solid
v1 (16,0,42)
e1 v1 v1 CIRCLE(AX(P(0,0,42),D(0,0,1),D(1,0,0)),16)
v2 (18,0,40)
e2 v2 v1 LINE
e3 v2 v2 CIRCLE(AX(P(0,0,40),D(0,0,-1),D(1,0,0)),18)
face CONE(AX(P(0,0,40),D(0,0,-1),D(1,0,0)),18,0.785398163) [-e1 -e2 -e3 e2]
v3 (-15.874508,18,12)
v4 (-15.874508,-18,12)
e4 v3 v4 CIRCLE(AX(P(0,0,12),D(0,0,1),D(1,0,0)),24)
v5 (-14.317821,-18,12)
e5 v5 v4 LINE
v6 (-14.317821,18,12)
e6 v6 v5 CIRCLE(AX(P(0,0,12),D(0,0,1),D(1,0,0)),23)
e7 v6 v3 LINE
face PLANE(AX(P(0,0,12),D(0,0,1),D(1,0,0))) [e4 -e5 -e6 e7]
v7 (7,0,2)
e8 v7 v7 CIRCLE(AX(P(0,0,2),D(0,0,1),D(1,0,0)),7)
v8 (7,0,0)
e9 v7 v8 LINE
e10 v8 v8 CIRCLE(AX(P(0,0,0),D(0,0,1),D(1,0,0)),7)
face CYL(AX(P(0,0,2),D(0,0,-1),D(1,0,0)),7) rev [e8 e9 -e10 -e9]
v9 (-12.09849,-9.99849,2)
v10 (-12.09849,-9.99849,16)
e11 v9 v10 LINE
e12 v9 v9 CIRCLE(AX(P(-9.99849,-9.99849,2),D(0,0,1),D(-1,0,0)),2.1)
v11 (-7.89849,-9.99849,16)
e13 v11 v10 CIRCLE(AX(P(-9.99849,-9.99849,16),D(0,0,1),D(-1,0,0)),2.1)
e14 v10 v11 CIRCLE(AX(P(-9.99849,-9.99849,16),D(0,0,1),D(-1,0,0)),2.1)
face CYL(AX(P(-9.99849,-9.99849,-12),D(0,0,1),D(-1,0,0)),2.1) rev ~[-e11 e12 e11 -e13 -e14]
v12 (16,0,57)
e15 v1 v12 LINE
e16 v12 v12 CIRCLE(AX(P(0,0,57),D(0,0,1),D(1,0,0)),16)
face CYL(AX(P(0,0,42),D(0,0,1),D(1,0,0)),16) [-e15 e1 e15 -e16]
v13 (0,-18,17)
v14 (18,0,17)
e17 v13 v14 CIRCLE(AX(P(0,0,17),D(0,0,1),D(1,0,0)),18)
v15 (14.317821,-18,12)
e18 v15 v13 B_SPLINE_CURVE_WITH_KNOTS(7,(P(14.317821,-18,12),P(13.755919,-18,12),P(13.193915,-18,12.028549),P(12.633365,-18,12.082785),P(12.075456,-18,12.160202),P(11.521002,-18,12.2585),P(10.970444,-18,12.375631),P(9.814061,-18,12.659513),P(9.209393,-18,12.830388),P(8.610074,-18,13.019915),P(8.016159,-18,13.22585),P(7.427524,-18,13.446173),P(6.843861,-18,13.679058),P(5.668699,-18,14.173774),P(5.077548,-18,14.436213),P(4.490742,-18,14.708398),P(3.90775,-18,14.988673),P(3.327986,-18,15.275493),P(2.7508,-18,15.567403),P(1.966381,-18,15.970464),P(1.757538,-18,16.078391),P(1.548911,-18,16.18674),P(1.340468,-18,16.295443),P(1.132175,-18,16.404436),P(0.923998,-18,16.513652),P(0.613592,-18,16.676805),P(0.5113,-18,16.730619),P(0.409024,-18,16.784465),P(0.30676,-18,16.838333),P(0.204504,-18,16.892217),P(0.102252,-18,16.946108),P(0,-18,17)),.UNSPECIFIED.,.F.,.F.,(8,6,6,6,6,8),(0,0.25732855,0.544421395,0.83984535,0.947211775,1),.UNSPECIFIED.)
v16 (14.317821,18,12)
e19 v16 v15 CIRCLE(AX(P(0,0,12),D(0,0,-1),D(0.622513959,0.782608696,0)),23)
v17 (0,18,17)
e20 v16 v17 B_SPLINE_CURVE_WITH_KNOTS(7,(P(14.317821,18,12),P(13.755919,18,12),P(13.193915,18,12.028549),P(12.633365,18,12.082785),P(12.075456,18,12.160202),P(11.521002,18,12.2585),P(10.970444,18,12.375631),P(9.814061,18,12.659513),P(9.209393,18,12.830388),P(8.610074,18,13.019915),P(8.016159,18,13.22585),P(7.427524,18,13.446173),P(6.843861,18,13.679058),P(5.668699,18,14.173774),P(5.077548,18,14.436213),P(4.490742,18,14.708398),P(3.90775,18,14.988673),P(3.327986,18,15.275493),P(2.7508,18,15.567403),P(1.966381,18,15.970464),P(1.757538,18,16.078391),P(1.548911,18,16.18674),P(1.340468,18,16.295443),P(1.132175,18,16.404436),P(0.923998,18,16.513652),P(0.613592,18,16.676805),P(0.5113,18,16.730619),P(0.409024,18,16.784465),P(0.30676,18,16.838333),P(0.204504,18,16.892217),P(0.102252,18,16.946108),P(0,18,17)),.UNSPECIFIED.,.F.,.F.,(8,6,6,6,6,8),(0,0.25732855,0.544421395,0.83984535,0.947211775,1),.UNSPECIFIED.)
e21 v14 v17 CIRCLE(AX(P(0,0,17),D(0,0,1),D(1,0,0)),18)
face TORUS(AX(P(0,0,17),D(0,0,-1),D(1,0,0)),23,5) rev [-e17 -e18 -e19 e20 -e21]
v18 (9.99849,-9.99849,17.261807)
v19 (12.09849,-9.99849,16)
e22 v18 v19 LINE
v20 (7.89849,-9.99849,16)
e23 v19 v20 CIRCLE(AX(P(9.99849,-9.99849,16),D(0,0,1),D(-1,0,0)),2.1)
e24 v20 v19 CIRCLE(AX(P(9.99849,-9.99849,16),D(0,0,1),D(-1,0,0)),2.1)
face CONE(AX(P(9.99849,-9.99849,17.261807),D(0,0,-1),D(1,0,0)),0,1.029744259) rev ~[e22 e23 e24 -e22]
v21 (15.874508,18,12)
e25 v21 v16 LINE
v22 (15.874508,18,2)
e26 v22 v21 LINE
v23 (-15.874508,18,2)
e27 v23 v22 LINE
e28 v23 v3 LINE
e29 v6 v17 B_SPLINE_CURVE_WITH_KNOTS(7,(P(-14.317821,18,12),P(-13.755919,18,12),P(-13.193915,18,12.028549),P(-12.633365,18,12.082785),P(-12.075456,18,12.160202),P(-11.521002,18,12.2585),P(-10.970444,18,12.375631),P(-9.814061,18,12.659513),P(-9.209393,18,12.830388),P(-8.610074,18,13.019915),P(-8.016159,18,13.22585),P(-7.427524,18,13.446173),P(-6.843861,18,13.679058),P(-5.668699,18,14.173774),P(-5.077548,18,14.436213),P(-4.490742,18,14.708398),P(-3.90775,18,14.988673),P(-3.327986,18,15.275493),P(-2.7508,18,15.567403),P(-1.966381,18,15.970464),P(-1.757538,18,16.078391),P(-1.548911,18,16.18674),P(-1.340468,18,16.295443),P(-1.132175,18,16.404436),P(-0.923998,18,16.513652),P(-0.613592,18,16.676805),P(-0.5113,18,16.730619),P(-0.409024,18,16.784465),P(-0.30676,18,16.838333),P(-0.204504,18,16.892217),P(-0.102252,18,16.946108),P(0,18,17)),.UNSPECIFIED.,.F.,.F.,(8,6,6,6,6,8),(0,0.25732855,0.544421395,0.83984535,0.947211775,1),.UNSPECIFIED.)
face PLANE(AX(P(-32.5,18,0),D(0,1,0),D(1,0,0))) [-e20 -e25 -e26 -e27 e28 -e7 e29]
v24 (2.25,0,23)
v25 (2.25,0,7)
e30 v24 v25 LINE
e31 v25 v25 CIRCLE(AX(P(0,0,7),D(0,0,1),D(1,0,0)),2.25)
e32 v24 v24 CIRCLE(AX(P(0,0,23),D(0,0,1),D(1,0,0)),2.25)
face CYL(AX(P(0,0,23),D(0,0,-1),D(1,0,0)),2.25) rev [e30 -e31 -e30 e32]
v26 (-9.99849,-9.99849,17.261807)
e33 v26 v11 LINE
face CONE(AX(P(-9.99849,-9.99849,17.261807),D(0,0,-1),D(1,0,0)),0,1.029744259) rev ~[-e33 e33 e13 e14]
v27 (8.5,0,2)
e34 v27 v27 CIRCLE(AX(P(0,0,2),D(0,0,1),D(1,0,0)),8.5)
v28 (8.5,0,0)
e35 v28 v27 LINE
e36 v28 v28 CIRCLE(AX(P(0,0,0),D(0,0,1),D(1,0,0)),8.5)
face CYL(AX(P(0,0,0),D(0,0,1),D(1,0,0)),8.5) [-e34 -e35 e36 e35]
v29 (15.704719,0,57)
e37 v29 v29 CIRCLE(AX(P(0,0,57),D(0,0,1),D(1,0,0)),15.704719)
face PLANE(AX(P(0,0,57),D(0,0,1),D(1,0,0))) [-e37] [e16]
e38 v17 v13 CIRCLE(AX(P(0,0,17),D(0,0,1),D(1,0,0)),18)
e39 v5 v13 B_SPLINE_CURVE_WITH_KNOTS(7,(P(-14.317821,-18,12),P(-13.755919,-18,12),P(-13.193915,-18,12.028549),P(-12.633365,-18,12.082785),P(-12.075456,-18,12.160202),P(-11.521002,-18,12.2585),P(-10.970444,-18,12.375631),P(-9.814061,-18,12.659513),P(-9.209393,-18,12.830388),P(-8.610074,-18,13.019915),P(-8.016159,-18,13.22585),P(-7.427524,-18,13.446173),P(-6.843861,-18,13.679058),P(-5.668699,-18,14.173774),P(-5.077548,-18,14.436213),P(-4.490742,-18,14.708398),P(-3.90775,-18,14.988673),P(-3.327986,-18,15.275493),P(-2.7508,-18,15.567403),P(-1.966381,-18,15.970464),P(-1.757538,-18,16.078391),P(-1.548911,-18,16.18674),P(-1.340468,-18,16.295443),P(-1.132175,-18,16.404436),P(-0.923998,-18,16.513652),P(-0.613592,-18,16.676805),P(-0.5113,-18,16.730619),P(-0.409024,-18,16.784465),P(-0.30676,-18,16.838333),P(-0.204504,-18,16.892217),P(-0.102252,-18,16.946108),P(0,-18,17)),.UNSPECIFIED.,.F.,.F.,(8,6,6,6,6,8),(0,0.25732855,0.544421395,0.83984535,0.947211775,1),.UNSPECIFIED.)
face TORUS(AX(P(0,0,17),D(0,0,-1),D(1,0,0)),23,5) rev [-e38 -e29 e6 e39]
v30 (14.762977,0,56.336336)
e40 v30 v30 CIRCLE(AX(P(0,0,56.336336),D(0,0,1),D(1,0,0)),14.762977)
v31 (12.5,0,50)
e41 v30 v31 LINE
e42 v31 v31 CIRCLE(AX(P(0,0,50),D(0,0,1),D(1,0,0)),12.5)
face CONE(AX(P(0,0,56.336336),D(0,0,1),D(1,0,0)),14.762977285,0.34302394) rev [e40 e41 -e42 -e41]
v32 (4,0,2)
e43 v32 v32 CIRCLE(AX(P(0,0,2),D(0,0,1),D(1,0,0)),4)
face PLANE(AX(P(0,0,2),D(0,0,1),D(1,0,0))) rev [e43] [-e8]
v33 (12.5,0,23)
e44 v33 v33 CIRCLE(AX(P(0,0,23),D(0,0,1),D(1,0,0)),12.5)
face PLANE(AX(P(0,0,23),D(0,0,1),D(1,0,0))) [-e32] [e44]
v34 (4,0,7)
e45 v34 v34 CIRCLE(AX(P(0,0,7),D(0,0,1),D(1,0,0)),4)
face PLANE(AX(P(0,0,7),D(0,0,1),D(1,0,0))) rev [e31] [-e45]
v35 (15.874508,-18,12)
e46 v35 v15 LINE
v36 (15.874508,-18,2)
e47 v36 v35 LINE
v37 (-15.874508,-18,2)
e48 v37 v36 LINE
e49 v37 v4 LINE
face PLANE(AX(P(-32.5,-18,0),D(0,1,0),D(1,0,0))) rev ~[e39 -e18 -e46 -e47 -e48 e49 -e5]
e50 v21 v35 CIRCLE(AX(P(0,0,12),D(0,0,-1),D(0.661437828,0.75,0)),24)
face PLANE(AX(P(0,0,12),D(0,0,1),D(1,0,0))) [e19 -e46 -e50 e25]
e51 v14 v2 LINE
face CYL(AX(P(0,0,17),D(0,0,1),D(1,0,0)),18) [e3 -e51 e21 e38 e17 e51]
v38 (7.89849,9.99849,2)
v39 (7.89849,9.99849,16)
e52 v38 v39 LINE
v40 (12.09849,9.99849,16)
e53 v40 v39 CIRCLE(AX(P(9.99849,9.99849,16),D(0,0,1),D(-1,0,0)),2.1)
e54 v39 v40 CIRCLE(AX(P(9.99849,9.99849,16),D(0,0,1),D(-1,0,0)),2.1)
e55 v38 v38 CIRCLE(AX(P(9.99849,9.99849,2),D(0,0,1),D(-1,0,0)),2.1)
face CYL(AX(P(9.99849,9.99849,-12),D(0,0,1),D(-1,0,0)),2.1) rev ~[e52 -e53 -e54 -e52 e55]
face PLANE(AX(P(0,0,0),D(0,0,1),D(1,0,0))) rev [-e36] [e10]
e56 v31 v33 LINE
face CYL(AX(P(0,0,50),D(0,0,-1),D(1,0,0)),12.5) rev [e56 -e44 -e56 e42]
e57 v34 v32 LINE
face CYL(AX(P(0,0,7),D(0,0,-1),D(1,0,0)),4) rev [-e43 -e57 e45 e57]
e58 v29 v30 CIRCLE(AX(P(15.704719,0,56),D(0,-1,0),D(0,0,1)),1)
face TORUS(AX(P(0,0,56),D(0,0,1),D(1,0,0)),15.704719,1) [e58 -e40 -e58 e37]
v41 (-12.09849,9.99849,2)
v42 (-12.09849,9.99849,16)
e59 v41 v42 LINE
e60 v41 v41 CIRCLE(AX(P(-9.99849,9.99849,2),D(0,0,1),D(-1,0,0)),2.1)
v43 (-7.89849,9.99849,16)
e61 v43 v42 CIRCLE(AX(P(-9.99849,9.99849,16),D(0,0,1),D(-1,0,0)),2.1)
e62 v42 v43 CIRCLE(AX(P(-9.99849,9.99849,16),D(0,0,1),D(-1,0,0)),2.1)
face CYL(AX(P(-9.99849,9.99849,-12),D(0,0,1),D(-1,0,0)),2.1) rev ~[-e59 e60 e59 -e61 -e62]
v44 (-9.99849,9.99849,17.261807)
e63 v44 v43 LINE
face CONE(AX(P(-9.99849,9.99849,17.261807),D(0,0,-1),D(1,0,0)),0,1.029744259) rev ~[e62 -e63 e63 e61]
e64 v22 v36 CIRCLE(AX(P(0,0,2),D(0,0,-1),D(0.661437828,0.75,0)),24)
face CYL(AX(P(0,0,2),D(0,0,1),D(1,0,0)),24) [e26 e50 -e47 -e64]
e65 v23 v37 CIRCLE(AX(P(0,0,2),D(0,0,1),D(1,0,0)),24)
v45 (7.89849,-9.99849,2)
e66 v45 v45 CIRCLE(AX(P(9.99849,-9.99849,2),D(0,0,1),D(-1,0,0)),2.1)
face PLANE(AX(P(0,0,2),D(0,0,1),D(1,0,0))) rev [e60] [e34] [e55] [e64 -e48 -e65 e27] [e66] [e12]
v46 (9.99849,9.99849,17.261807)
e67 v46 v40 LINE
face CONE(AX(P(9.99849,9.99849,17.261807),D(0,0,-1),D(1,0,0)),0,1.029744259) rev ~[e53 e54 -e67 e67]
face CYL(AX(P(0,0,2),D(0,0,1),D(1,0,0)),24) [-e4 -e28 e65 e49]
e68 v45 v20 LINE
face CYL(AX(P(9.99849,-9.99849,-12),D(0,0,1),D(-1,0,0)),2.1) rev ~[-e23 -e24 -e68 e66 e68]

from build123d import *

# Parameters (mm, degrees)
F2_W     = 70
F2_H     = 56
F2_W_2   = 65
F2_H_2   = 36
F3_DEPTH = 57.001
F5_D     = 4.2
F5_DEPTH = 14
F5_TIP   = 1.2618073


with BuildPart() as f1:
    # F0 (on Front) → F1 (revolve)
    with BuildSketch(Plane.XZ):
        with BuildLine():
            Line((4, 7), (4, 2))
            Line((4, 2), (7, 2))
            Line((7, 2), (7, 0))
            Line((7, 0), (8.5, 0))
            Line((8.5, 0), (8.5, 2))
            Line((8.5, 2), (24, 2))
            Line((24, 2), (24, 12))
            Line((24, 12), (23, 12))
            ThreePointArc((23, 12), (19.4644660941, 13.4644660941), (18, 17))
            Line((18, 17), (18, 40))
            Line((18, 40), (16, 42))
            Line((16, 42), (16, 57))
            Line((16, 57), (15.7047191962, 57))
            ThreePointArc((15.7047191962, 57), (15.1286707595, 56.8174155605), (14.7629772846, 56.336336397))
            Line((14.7629772846, 56.336336397), (12.5, 50))
            Line((12.5, 50), (12.5, 23))
            Line((12.5, 23), (2.25, 23))
            Line((2.25, 23), (2.25, 7))
            Line((2.25, 7), (4, 7))
        make_face()
    revolve(axis=Axis((0, 0, 40.597807616), (0, 0, 1)))

    # F2 (on Top) → F3 (cut, through all)
    with BuildSketch(Plane.XY):
        Rectangle(F2_W, F2_H)
        Rectangle(F2_W_2, F2_H_2, mode=Mode.SUBTRACT)
    extrude(amount=F3_DEPTH, mode=Mode.SUBTRACT)

    # F5
    with Locations(Plane(origin=(0, 0, 2), x_dir=(1, 0, 0), z_dir=(0, 0, -1))):
        with Locations((-9.998489886, 9.998489886), (9.998489886, 9.998489886), (9.998489886, -9.998489886), (-9.998489886, -9.998489886)):
            Hole(F5_D / 2, depth=F5_DEPTH)
            with Locations((0, 0, -(F5_DEPTH + F5_TIP / 2))):  # 118° drill point
                Cone(0, F5_D / 2, F5_TIP, mode=Mode.SUBTRACT)


solid = f1.part
